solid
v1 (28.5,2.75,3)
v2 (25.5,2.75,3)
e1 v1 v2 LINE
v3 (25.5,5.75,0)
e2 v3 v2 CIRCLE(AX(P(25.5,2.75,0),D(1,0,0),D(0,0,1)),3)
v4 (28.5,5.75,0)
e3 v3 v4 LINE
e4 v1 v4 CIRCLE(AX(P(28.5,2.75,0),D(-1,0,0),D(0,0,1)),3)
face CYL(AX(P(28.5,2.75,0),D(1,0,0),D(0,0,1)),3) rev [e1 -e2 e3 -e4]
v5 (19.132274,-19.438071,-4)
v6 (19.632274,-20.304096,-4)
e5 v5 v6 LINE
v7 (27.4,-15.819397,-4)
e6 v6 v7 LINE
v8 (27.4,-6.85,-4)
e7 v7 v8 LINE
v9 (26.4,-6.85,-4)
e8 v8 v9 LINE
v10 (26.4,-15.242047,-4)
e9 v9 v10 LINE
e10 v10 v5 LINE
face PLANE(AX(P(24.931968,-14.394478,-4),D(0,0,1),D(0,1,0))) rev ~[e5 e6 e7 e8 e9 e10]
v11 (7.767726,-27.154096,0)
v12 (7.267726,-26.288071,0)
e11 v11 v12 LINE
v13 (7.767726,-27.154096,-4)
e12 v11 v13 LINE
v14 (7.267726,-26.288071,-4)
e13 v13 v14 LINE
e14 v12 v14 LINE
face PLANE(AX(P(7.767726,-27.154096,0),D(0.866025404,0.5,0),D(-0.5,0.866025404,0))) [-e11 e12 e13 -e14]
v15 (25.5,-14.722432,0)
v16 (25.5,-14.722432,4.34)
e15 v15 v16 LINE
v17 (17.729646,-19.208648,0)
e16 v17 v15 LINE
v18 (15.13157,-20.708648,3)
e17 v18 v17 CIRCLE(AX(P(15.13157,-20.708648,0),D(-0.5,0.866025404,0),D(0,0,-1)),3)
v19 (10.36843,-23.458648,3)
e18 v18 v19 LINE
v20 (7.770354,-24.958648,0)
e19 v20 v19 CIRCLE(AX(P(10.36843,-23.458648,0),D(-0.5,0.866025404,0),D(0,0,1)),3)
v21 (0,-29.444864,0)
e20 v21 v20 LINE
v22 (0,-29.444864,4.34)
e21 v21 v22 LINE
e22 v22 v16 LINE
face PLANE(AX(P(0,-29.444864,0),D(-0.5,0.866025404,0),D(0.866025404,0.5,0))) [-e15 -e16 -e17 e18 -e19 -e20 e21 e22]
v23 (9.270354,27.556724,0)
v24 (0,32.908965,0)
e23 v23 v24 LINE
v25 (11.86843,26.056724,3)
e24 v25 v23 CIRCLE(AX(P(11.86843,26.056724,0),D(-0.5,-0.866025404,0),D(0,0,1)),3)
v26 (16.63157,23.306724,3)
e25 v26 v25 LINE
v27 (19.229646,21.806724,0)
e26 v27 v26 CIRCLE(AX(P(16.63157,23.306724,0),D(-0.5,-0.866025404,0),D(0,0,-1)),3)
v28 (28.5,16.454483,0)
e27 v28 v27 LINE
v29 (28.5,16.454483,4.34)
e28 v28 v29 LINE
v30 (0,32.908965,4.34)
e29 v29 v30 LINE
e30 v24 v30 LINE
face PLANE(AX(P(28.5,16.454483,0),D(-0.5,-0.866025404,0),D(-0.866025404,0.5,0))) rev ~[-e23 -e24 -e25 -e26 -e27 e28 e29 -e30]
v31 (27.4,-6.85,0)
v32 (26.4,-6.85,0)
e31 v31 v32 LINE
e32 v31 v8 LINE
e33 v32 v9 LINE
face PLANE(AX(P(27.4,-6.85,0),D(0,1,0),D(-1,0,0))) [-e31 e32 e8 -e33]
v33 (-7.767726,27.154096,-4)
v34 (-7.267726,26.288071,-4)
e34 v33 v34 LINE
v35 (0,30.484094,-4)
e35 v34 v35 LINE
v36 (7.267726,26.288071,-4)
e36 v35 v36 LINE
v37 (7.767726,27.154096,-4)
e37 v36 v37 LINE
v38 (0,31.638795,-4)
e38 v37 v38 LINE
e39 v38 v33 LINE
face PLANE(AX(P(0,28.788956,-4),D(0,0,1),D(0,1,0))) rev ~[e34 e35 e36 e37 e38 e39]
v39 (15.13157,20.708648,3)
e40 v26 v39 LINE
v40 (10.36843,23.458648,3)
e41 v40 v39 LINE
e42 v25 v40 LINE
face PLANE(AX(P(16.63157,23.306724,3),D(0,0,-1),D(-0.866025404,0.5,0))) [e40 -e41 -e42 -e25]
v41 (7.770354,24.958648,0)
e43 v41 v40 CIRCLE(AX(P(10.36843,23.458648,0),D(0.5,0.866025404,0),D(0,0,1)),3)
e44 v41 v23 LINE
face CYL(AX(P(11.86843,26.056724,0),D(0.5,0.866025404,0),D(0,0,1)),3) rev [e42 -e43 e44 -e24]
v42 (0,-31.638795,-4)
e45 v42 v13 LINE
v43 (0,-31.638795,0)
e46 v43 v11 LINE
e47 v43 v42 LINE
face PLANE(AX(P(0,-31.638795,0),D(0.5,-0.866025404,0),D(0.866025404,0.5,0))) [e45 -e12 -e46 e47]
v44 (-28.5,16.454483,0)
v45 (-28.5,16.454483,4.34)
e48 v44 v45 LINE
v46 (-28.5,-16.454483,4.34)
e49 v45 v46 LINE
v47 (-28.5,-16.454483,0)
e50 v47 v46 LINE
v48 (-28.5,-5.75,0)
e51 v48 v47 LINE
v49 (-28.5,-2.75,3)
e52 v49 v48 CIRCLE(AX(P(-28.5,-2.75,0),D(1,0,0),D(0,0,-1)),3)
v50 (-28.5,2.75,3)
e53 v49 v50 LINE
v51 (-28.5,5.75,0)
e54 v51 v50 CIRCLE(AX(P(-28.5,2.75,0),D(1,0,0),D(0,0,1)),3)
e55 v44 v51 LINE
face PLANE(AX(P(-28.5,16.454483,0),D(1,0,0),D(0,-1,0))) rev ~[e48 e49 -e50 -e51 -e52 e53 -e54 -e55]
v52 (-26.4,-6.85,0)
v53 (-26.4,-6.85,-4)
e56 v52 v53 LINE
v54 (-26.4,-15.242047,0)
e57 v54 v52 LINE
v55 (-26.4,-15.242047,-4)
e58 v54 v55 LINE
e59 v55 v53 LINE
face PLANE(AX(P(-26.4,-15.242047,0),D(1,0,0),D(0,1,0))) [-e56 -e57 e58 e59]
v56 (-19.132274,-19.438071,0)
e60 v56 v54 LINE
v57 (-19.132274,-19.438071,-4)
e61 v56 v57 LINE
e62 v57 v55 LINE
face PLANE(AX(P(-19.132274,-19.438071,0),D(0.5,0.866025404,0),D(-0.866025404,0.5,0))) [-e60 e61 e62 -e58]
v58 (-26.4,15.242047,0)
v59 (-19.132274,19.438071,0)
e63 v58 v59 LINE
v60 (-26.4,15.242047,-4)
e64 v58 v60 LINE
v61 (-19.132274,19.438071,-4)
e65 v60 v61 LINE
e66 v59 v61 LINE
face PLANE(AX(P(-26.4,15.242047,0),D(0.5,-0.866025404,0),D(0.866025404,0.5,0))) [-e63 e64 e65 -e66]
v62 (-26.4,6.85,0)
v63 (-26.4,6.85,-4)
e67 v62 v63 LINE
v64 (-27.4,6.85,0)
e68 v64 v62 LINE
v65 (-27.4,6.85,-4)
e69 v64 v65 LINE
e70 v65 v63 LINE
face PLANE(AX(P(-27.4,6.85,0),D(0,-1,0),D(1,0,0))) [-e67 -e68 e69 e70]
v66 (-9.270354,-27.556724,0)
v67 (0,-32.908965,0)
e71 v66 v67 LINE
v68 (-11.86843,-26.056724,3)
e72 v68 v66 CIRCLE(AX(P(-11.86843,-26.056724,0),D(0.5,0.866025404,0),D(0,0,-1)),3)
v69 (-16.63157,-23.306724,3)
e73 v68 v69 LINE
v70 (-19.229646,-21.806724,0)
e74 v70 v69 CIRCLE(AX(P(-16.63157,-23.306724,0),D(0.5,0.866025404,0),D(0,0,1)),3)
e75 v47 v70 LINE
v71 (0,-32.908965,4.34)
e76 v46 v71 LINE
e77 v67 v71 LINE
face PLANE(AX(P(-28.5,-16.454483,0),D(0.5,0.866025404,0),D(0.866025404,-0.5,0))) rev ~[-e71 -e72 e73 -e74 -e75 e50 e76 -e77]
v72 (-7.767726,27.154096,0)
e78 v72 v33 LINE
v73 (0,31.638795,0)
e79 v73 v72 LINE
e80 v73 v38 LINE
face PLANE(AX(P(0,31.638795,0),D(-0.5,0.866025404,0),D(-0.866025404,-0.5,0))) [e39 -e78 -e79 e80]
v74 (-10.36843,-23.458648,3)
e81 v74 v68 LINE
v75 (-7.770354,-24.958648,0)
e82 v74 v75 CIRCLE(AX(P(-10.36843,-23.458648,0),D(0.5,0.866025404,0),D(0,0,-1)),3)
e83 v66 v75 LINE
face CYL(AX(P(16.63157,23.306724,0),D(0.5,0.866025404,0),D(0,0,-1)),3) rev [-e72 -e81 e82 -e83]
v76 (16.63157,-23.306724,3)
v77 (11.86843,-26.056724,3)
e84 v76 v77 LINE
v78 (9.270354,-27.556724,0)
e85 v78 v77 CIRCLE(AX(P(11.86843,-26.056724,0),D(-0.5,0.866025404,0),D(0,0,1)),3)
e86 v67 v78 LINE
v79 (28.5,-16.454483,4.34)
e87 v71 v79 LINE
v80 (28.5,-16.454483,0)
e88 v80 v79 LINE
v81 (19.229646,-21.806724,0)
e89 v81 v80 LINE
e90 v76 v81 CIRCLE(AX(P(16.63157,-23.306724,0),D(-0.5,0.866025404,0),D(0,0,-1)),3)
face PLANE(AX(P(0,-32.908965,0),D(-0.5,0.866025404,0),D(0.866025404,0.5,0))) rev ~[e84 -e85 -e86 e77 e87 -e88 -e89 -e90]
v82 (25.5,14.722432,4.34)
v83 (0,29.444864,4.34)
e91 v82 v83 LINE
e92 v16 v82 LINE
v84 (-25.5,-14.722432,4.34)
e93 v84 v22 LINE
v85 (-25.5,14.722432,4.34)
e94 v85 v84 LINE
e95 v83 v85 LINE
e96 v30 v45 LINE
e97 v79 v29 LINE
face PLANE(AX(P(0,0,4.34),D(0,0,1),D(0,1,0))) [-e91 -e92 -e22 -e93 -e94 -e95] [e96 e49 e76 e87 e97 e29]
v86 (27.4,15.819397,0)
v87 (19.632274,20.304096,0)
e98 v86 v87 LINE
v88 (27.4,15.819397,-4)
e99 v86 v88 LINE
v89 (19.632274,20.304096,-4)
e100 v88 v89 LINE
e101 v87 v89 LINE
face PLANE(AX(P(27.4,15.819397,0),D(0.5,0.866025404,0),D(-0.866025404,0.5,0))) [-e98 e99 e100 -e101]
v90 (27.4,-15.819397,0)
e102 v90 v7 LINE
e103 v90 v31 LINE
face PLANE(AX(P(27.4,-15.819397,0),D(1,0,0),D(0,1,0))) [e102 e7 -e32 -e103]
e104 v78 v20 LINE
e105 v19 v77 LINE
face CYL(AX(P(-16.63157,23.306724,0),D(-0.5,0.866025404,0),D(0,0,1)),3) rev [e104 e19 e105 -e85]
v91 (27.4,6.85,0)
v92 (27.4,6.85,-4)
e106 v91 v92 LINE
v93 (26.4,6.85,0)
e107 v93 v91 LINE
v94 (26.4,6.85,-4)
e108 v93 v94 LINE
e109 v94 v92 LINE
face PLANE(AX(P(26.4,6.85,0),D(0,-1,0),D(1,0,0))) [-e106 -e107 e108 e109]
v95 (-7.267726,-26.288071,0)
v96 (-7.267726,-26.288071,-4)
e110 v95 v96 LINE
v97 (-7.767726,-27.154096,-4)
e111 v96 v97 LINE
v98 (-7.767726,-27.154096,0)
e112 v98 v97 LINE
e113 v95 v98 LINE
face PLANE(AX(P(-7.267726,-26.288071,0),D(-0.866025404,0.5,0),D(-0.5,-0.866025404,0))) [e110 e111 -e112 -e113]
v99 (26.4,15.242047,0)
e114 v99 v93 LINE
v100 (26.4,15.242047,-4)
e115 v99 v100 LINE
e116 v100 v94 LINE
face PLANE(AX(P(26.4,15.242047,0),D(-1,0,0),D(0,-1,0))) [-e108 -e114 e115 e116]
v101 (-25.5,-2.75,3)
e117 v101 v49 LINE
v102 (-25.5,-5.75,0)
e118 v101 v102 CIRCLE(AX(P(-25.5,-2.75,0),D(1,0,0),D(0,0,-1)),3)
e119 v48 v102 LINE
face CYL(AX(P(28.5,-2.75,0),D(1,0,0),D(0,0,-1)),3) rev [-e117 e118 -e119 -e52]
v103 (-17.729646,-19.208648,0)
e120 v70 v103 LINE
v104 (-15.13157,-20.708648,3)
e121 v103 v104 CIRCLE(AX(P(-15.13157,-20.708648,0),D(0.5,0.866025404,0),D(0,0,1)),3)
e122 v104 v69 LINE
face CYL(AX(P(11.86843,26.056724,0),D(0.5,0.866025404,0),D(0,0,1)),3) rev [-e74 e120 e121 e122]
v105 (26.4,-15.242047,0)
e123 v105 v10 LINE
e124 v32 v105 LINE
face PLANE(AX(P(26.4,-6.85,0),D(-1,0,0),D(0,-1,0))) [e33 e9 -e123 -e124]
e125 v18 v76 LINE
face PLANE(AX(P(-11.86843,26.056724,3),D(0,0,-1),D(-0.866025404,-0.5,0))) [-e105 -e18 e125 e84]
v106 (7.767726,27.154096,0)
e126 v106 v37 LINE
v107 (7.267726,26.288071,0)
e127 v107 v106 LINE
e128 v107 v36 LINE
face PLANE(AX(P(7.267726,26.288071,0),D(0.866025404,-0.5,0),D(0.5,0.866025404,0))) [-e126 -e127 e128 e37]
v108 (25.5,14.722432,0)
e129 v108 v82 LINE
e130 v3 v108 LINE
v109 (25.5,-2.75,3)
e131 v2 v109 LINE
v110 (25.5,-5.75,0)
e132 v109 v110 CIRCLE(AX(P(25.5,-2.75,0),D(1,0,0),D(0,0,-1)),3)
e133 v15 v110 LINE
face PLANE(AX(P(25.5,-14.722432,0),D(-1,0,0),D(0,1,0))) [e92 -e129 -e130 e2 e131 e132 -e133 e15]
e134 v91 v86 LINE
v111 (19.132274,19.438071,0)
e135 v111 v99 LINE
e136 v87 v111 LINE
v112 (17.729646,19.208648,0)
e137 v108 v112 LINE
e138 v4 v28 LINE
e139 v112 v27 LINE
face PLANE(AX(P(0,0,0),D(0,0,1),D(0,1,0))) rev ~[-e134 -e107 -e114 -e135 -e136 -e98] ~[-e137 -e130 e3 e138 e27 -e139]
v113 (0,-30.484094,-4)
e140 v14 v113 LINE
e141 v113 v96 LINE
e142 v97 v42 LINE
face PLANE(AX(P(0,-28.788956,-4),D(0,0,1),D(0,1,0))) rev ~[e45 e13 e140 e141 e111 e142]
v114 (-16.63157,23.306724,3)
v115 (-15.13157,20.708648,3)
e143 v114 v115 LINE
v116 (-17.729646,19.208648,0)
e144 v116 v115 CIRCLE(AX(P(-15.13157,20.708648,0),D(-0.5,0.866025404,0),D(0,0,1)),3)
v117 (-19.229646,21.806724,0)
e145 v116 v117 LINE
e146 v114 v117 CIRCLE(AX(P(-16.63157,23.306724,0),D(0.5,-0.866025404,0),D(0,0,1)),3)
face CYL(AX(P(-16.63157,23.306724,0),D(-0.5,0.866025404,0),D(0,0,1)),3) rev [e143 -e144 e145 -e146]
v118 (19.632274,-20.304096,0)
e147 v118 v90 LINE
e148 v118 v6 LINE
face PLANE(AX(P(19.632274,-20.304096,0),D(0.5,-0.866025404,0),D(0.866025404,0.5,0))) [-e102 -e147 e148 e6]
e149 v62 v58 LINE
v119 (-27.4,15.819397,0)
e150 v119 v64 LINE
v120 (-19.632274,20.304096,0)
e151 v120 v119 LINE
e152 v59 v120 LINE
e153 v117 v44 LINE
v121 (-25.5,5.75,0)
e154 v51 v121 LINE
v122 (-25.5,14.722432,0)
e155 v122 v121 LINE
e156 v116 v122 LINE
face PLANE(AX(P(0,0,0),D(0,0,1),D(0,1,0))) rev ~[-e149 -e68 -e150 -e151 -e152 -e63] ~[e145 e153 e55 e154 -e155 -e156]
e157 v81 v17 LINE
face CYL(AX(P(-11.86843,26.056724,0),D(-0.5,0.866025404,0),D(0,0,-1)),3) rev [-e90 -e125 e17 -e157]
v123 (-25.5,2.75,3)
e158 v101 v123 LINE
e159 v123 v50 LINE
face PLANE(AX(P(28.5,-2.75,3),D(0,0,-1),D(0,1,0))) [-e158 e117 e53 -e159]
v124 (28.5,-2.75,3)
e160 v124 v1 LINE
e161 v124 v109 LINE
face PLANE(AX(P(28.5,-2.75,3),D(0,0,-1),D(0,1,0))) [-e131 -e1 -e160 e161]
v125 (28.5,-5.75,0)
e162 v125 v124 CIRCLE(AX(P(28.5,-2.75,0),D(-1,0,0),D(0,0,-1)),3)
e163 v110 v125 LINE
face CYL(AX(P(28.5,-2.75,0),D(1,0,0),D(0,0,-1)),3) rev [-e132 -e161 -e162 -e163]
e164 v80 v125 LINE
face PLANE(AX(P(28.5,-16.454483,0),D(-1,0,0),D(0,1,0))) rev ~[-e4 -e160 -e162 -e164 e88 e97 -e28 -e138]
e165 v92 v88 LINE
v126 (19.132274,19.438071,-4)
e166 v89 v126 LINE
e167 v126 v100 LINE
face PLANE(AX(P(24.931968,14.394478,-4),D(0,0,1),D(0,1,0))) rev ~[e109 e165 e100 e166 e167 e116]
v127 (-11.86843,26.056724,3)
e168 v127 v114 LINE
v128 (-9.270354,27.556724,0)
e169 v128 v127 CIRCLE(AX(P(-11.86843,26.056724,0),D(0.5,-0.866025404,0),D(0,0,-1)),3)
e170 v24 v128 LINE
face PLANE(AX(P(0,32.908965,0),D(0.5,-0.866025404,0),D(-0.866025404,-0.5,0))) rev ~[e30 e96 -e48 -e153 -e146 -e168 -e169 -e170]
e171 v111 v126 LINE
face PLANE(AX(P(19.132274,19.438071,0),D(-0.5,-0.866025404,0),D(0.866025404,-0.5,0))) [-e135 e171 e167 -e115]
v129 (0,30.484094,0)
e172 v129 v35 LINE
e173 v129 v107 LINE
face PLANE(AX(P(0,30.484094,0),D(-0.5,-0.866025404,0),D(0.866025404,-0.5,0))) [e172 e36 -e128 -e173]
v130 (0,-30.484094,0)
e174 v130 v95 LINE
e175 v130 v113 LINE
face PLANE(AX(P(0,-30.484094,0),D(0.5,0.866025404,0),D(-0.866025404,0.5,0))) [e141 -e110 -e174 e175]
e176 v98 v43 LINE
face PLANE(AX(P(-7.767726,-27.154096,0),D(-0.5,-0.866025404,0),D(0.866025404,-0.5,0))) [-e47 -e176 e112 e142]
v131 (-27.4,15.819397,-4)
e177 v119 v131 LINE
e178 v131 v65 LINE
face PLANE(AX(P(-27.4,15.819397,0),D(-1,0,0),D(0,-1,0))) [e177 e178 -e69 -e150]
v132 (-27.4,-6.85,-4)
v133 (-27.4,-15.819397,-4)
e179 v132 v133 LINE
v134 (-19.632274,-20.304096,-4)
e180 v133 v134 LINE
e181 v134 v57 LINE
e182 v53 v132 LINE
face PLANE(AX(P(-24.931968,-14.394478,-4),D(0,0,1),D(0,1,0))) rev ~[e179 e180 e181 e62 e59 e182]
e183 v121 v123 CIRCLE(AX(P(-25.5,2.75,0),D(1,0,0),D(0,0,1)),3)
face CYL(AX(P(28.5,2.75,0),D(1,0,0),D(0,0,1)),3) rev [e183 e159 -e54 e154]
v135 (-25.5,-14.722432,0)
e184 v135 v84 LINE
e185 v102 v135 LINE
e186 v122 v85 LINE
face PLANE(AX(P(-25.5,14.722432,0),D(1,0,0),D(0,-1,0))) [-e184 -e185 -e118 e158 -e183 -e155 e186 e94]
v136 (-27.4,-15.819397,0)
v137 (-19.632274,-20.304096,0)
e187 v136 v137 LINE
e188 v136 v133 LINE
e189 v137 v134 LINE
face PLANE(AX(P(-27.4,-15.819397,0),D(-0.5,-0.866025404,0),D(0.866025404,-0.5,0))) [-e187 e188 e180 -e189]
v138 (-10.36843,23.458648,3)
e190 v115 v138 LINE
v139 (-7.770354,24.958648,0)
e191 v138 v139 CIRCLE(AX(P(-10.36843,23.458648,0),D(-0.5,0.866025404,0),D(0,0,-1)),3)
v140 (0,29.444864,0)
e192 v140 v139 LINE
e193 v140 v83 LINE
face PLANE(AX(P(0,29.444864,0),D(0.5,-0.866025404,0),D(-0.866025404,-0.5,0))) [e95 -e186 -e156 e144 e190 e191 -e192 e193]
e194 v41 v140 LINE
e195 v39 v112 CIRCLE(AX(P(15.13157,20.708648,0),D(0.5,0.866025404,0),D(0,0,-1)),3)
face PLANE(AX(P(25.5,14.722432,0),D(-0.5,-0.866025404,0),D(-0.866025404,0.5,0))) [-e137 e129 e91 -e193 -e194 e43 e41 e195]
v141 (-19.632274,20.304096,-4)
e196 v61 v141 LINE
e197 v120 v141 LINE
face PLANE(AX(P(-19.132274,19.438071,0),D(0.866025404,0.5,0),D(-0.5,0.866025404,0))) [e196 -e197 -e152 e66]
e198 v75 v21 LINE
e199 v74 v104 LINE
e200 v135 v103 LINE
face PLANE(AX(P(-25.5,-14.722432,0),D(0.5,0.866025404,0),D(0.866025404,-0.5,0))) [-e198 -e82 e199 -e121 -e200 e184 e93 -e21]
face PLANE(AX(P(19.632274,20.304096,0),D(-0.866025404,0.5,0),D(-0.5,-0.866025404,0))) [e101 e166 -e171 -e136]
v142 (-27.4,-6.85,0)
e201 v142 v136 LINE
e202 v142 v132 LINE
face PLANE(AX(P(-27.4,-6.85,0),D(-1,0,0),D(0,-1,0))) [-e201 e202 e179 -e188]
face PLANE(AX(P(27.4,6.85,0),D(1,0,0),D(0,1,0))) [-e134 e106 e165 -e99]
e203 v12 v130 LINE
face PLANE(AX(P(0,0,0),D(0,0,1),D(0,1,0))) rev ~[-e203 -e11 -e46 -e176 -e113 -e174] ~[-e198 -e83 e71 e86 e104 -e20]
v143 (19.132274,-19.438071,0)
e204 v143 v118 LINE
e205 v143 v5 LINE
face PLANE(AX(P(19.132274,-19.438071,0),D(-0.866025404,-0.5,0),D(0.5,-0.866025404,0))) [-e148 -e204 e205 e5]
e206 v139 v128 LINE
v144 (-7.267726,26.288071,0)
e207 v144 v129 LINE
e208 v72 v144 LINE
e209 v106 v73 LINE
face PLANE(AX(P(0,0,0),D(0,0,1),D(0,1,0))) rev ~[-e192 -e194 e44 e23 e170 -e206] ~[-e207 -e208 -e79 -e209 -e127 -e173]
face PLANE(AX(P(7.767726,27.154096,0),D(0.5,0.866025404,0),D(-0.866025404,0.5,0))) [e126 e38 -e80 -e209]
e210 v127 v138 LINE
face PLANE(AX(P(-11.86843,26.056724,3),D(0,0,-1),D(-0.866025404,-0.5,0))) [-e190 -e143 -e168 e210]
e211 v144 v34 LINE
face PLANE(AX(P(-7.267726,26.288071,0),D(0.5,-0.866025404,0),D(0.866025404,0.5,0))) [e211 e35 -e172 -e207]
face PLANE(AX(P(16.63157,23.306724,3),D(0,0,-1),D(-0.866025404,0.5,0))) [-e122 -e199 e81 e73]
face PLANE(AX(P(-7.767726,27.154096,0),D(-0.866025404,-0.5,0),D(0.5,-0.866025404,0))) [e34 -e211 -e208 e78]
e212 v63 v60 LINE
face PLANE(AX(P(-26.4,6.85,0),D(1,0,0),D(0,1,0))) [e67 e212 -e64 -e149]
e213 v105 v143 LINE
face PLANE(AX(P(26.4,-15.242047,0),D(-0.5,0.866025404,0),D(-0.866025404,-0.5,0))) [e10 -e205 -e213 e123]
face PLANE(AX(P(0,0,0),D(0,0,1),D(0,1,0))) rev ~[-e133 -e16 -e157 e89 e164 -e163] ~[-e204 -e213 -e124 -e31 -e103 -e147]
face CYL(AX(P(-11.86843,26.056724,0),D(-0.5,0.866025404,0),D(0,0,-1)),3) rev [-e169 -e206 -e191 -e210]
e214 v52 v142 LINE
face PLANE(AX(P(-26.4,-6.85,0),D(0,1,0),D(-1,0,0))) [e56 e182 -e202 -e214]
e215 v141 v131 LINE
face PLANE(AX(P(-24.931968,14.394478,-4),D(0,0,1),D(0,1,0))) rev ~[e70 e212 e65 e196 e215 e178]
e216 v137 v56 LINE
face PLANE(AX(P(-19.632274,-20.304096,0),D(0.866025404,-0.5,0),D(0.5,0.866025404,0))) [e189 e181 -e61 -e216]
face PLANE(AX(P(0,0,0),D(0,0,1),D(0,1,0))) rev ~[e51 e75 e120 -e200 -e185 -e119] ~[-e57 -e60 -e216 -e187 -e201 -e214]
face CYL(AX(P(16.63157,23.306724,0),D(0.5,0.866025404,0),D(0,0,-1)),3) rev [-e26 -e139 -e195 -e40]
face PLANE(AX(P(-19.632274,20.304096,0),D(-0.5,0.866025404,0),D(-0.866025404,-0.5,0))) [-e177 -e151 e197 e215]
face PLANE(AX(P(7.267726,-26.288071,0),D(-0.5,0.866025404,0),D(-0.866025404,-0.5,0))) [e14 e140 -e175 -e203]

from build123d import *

# Parameters (mm, degrees)
BOSS_EXTRUDE1_DEPTH = 4.34
CUT_EXTRUDE1_DEPTH  = 66.960864154
CUT_EXTRUDE2_REACH  = 73.855
CUT_EXTRUDE3_REACH  = 73.855
BOSS_EXTRUDE2_DEPTH = 4


with BuildPart() as part:
    # Sketch1 → Boss-Extrude1 (new body)
    with BuildSketch(Plane(origin=(0, 0, 0), x_dir=(0, 1, 0), z_dir=(0, 0, 1))):
        Polygon((32.908965344, 0), (16.454482672, 28.5), (-16.454482672, 28.5), (-32.908965344, 0), (-16.454482672, -28.5), (16.454482672, -28.5), align=None)
        Polygon((29.444863729, 0), (14.722431864, 25.5), (-14.722431864, 25.5), (-29.444863729, 0), (-14.722431864, -25.5), (14.722431864, -25.5), align=None, mode=Mode.SUBTRACT)
    extrude(amount=BOSS_EXTRUDE1_DEPTH)

    # Sketch2 → Cut-Extrude1 (cut, through all)
    with BuildSketch(Plane.YZ.offset(28.5)):
        with BuildLine():
            Line((-2.75, 3), (2.75, 3))
            ThreePointArc((2.75, 3), (5.75, 0), (2.75, -3))
            Line((2.75, -3), (-2.75, -3))
            ThreePointArc((-2.75, -3), (-5.75, 0), (-2.75, 3))
        make_face()
    extrude(amount=-CUT_EXTRUDE1_DEPTH, mode=Mode.SUBTRACT)

    # Cut-Extrude2: up to this face of the body (flat: up to its plane)
    cut_extrude2_end = Plane(part.part.faces().sort_by_distance((-14.25, -24.681724008, 2.17))[0])
    # Sketch3 → Cut-Extrude2 (cut, up to the picked face)
    with BuildSketch(Plane(origin=(14.25, 24.681724008, 0), x_dir=(-0.866025403784439, 0.4999999999999994, 0), z_dir=(0.4999999999999994, 0.866025403784439, 0)), mode=Mode.PRIVATE) as cut_extrude2_sk1:
        with BuildLine():
            Line((-2.75, 3), (2.75, 3))
            ThreePointArc((2.75, 3), (5.75, 0), (2.75, -3))
            Line((2.75, -3), (-2.75, -3))
            ThreePointArc((-2.75, -3), (-5.75, 0), (-2.75, 3))
        make_face()
    cut_extrude2_tool1 = split(extrude(cut_extrude2_sk1.sketch, amount=-CUT_EXTRUDE2_REACH, mode=Mode.PRIVATE), bisect_by=cut_extrude2_end, keep=Keep.BOTH, mode=Mode.PRIVATE)
    add(cut_extrude2_tool1.solids().sort_by(Axis((14.25, 24.681724, 0), (-0.4999999999999994, -0.866025403784439, 0)))[0], mode=Mode.SUBTRACT)

    # Cut-Extrude3: up to this face of the body (flat: up to its plane)
    cut_extrude3_end = Plane(part.part.faces().sort_by_distance((14.25, -24.681724008, 2.17))[0])
    # Sketch4 → Cut-Extrude3 (cut, up to the picked face)
    with BuildSketch(Plane(origin=(-14.25, 24.681724008, 0), x_dir=(-0.8660254037844384, -0.5000000000000004, 0), z_dir=(-0.5000000000000004, 0.8660254037844384, 0)), mode=Mode.PRIVATE) as cut_extrude3_sk1:
        with BuildLine():
            Line((-2.75, 3), (2.75, 3))
            ThreePointArc((2.75, 3), (5.75, 0), (2.75, -3))
            Line((2.75, -3), (-2.75, -3))
            ThreePointArc((-2.75, -3), (-5.75, 0), (-2.75, 3))
        make_face()
    cut_extrude3_tool1 = split(extrude(cut_extrude3_sk1.sketch, amount=-CUT_EXTRUDE3_REACH, mode=Mode.PRIVATE), bisect_by=cut_extrude3_end, keep=Keep.BOTH, mode=Mode.PRIVATE)
    add(cut_extrude3_tool1.solids().sort_by(Axis((-14.25, 24.681724, 0), (0.5000000000000004, -0.8660254037844384, 0)))[0], mode=Mode.SUBTRACT)

    # Sketch5 → Boss-Extrude2 (add)
    with BuildSketch(Plane(origin=(0, 0, 0), x_dir=(0, 1, 0), z_dir=(0, 0, 1))):
        Polygon((-20.304096064, 19.632274016), (-19.43807066, 19.132274016), (-15.242047107, 26.4), (-6.85, 26.4), (-6.85, 27.4), (-15.819397376, 27.4), align=None)
        Polygon((20.304096064, 19.632274016), (15.819397376, 27.4), (6.85, 27.4), (6.85, 26.4), (15.242047107, 26.4), (19.43807066, 19.132274016), align=None)
        Polygon((27.154096064, -7.767725984), (31.638794752, 0), (27.154096064, 7.767725984), (26.28807066, 7.267725984), (30.484094213, 0), (26.28807066, -7.267725984), align=None)
        Polygon((6.85, -27.4), (15.819397376, -27.4), (20.304096064, -19.632274016), (19.43807066, -19.132274016), (15.242047107, -26.4), (6.85, -26.4), align=None)
        Polygon((-20.304096064, -19.632274016), (-15.819397376, -27.4), (-6.85, -27.4), (-6.85, -26.4), (-15.242047107, -26.4), (-19.43807066, -19.132274016), align=None)
        Polygon((-27.154096064, 7.767725984), (-31.638794752, 0), (-27.154096064, -7.767725984), (-26.28807066, -7.267725984), (-30.484094213, 0), (-26.28807066, 7.267725984), align=None)
    extrude(amount=-BOSS_EXTRUDE2_DEPTH)


solid = part.part
